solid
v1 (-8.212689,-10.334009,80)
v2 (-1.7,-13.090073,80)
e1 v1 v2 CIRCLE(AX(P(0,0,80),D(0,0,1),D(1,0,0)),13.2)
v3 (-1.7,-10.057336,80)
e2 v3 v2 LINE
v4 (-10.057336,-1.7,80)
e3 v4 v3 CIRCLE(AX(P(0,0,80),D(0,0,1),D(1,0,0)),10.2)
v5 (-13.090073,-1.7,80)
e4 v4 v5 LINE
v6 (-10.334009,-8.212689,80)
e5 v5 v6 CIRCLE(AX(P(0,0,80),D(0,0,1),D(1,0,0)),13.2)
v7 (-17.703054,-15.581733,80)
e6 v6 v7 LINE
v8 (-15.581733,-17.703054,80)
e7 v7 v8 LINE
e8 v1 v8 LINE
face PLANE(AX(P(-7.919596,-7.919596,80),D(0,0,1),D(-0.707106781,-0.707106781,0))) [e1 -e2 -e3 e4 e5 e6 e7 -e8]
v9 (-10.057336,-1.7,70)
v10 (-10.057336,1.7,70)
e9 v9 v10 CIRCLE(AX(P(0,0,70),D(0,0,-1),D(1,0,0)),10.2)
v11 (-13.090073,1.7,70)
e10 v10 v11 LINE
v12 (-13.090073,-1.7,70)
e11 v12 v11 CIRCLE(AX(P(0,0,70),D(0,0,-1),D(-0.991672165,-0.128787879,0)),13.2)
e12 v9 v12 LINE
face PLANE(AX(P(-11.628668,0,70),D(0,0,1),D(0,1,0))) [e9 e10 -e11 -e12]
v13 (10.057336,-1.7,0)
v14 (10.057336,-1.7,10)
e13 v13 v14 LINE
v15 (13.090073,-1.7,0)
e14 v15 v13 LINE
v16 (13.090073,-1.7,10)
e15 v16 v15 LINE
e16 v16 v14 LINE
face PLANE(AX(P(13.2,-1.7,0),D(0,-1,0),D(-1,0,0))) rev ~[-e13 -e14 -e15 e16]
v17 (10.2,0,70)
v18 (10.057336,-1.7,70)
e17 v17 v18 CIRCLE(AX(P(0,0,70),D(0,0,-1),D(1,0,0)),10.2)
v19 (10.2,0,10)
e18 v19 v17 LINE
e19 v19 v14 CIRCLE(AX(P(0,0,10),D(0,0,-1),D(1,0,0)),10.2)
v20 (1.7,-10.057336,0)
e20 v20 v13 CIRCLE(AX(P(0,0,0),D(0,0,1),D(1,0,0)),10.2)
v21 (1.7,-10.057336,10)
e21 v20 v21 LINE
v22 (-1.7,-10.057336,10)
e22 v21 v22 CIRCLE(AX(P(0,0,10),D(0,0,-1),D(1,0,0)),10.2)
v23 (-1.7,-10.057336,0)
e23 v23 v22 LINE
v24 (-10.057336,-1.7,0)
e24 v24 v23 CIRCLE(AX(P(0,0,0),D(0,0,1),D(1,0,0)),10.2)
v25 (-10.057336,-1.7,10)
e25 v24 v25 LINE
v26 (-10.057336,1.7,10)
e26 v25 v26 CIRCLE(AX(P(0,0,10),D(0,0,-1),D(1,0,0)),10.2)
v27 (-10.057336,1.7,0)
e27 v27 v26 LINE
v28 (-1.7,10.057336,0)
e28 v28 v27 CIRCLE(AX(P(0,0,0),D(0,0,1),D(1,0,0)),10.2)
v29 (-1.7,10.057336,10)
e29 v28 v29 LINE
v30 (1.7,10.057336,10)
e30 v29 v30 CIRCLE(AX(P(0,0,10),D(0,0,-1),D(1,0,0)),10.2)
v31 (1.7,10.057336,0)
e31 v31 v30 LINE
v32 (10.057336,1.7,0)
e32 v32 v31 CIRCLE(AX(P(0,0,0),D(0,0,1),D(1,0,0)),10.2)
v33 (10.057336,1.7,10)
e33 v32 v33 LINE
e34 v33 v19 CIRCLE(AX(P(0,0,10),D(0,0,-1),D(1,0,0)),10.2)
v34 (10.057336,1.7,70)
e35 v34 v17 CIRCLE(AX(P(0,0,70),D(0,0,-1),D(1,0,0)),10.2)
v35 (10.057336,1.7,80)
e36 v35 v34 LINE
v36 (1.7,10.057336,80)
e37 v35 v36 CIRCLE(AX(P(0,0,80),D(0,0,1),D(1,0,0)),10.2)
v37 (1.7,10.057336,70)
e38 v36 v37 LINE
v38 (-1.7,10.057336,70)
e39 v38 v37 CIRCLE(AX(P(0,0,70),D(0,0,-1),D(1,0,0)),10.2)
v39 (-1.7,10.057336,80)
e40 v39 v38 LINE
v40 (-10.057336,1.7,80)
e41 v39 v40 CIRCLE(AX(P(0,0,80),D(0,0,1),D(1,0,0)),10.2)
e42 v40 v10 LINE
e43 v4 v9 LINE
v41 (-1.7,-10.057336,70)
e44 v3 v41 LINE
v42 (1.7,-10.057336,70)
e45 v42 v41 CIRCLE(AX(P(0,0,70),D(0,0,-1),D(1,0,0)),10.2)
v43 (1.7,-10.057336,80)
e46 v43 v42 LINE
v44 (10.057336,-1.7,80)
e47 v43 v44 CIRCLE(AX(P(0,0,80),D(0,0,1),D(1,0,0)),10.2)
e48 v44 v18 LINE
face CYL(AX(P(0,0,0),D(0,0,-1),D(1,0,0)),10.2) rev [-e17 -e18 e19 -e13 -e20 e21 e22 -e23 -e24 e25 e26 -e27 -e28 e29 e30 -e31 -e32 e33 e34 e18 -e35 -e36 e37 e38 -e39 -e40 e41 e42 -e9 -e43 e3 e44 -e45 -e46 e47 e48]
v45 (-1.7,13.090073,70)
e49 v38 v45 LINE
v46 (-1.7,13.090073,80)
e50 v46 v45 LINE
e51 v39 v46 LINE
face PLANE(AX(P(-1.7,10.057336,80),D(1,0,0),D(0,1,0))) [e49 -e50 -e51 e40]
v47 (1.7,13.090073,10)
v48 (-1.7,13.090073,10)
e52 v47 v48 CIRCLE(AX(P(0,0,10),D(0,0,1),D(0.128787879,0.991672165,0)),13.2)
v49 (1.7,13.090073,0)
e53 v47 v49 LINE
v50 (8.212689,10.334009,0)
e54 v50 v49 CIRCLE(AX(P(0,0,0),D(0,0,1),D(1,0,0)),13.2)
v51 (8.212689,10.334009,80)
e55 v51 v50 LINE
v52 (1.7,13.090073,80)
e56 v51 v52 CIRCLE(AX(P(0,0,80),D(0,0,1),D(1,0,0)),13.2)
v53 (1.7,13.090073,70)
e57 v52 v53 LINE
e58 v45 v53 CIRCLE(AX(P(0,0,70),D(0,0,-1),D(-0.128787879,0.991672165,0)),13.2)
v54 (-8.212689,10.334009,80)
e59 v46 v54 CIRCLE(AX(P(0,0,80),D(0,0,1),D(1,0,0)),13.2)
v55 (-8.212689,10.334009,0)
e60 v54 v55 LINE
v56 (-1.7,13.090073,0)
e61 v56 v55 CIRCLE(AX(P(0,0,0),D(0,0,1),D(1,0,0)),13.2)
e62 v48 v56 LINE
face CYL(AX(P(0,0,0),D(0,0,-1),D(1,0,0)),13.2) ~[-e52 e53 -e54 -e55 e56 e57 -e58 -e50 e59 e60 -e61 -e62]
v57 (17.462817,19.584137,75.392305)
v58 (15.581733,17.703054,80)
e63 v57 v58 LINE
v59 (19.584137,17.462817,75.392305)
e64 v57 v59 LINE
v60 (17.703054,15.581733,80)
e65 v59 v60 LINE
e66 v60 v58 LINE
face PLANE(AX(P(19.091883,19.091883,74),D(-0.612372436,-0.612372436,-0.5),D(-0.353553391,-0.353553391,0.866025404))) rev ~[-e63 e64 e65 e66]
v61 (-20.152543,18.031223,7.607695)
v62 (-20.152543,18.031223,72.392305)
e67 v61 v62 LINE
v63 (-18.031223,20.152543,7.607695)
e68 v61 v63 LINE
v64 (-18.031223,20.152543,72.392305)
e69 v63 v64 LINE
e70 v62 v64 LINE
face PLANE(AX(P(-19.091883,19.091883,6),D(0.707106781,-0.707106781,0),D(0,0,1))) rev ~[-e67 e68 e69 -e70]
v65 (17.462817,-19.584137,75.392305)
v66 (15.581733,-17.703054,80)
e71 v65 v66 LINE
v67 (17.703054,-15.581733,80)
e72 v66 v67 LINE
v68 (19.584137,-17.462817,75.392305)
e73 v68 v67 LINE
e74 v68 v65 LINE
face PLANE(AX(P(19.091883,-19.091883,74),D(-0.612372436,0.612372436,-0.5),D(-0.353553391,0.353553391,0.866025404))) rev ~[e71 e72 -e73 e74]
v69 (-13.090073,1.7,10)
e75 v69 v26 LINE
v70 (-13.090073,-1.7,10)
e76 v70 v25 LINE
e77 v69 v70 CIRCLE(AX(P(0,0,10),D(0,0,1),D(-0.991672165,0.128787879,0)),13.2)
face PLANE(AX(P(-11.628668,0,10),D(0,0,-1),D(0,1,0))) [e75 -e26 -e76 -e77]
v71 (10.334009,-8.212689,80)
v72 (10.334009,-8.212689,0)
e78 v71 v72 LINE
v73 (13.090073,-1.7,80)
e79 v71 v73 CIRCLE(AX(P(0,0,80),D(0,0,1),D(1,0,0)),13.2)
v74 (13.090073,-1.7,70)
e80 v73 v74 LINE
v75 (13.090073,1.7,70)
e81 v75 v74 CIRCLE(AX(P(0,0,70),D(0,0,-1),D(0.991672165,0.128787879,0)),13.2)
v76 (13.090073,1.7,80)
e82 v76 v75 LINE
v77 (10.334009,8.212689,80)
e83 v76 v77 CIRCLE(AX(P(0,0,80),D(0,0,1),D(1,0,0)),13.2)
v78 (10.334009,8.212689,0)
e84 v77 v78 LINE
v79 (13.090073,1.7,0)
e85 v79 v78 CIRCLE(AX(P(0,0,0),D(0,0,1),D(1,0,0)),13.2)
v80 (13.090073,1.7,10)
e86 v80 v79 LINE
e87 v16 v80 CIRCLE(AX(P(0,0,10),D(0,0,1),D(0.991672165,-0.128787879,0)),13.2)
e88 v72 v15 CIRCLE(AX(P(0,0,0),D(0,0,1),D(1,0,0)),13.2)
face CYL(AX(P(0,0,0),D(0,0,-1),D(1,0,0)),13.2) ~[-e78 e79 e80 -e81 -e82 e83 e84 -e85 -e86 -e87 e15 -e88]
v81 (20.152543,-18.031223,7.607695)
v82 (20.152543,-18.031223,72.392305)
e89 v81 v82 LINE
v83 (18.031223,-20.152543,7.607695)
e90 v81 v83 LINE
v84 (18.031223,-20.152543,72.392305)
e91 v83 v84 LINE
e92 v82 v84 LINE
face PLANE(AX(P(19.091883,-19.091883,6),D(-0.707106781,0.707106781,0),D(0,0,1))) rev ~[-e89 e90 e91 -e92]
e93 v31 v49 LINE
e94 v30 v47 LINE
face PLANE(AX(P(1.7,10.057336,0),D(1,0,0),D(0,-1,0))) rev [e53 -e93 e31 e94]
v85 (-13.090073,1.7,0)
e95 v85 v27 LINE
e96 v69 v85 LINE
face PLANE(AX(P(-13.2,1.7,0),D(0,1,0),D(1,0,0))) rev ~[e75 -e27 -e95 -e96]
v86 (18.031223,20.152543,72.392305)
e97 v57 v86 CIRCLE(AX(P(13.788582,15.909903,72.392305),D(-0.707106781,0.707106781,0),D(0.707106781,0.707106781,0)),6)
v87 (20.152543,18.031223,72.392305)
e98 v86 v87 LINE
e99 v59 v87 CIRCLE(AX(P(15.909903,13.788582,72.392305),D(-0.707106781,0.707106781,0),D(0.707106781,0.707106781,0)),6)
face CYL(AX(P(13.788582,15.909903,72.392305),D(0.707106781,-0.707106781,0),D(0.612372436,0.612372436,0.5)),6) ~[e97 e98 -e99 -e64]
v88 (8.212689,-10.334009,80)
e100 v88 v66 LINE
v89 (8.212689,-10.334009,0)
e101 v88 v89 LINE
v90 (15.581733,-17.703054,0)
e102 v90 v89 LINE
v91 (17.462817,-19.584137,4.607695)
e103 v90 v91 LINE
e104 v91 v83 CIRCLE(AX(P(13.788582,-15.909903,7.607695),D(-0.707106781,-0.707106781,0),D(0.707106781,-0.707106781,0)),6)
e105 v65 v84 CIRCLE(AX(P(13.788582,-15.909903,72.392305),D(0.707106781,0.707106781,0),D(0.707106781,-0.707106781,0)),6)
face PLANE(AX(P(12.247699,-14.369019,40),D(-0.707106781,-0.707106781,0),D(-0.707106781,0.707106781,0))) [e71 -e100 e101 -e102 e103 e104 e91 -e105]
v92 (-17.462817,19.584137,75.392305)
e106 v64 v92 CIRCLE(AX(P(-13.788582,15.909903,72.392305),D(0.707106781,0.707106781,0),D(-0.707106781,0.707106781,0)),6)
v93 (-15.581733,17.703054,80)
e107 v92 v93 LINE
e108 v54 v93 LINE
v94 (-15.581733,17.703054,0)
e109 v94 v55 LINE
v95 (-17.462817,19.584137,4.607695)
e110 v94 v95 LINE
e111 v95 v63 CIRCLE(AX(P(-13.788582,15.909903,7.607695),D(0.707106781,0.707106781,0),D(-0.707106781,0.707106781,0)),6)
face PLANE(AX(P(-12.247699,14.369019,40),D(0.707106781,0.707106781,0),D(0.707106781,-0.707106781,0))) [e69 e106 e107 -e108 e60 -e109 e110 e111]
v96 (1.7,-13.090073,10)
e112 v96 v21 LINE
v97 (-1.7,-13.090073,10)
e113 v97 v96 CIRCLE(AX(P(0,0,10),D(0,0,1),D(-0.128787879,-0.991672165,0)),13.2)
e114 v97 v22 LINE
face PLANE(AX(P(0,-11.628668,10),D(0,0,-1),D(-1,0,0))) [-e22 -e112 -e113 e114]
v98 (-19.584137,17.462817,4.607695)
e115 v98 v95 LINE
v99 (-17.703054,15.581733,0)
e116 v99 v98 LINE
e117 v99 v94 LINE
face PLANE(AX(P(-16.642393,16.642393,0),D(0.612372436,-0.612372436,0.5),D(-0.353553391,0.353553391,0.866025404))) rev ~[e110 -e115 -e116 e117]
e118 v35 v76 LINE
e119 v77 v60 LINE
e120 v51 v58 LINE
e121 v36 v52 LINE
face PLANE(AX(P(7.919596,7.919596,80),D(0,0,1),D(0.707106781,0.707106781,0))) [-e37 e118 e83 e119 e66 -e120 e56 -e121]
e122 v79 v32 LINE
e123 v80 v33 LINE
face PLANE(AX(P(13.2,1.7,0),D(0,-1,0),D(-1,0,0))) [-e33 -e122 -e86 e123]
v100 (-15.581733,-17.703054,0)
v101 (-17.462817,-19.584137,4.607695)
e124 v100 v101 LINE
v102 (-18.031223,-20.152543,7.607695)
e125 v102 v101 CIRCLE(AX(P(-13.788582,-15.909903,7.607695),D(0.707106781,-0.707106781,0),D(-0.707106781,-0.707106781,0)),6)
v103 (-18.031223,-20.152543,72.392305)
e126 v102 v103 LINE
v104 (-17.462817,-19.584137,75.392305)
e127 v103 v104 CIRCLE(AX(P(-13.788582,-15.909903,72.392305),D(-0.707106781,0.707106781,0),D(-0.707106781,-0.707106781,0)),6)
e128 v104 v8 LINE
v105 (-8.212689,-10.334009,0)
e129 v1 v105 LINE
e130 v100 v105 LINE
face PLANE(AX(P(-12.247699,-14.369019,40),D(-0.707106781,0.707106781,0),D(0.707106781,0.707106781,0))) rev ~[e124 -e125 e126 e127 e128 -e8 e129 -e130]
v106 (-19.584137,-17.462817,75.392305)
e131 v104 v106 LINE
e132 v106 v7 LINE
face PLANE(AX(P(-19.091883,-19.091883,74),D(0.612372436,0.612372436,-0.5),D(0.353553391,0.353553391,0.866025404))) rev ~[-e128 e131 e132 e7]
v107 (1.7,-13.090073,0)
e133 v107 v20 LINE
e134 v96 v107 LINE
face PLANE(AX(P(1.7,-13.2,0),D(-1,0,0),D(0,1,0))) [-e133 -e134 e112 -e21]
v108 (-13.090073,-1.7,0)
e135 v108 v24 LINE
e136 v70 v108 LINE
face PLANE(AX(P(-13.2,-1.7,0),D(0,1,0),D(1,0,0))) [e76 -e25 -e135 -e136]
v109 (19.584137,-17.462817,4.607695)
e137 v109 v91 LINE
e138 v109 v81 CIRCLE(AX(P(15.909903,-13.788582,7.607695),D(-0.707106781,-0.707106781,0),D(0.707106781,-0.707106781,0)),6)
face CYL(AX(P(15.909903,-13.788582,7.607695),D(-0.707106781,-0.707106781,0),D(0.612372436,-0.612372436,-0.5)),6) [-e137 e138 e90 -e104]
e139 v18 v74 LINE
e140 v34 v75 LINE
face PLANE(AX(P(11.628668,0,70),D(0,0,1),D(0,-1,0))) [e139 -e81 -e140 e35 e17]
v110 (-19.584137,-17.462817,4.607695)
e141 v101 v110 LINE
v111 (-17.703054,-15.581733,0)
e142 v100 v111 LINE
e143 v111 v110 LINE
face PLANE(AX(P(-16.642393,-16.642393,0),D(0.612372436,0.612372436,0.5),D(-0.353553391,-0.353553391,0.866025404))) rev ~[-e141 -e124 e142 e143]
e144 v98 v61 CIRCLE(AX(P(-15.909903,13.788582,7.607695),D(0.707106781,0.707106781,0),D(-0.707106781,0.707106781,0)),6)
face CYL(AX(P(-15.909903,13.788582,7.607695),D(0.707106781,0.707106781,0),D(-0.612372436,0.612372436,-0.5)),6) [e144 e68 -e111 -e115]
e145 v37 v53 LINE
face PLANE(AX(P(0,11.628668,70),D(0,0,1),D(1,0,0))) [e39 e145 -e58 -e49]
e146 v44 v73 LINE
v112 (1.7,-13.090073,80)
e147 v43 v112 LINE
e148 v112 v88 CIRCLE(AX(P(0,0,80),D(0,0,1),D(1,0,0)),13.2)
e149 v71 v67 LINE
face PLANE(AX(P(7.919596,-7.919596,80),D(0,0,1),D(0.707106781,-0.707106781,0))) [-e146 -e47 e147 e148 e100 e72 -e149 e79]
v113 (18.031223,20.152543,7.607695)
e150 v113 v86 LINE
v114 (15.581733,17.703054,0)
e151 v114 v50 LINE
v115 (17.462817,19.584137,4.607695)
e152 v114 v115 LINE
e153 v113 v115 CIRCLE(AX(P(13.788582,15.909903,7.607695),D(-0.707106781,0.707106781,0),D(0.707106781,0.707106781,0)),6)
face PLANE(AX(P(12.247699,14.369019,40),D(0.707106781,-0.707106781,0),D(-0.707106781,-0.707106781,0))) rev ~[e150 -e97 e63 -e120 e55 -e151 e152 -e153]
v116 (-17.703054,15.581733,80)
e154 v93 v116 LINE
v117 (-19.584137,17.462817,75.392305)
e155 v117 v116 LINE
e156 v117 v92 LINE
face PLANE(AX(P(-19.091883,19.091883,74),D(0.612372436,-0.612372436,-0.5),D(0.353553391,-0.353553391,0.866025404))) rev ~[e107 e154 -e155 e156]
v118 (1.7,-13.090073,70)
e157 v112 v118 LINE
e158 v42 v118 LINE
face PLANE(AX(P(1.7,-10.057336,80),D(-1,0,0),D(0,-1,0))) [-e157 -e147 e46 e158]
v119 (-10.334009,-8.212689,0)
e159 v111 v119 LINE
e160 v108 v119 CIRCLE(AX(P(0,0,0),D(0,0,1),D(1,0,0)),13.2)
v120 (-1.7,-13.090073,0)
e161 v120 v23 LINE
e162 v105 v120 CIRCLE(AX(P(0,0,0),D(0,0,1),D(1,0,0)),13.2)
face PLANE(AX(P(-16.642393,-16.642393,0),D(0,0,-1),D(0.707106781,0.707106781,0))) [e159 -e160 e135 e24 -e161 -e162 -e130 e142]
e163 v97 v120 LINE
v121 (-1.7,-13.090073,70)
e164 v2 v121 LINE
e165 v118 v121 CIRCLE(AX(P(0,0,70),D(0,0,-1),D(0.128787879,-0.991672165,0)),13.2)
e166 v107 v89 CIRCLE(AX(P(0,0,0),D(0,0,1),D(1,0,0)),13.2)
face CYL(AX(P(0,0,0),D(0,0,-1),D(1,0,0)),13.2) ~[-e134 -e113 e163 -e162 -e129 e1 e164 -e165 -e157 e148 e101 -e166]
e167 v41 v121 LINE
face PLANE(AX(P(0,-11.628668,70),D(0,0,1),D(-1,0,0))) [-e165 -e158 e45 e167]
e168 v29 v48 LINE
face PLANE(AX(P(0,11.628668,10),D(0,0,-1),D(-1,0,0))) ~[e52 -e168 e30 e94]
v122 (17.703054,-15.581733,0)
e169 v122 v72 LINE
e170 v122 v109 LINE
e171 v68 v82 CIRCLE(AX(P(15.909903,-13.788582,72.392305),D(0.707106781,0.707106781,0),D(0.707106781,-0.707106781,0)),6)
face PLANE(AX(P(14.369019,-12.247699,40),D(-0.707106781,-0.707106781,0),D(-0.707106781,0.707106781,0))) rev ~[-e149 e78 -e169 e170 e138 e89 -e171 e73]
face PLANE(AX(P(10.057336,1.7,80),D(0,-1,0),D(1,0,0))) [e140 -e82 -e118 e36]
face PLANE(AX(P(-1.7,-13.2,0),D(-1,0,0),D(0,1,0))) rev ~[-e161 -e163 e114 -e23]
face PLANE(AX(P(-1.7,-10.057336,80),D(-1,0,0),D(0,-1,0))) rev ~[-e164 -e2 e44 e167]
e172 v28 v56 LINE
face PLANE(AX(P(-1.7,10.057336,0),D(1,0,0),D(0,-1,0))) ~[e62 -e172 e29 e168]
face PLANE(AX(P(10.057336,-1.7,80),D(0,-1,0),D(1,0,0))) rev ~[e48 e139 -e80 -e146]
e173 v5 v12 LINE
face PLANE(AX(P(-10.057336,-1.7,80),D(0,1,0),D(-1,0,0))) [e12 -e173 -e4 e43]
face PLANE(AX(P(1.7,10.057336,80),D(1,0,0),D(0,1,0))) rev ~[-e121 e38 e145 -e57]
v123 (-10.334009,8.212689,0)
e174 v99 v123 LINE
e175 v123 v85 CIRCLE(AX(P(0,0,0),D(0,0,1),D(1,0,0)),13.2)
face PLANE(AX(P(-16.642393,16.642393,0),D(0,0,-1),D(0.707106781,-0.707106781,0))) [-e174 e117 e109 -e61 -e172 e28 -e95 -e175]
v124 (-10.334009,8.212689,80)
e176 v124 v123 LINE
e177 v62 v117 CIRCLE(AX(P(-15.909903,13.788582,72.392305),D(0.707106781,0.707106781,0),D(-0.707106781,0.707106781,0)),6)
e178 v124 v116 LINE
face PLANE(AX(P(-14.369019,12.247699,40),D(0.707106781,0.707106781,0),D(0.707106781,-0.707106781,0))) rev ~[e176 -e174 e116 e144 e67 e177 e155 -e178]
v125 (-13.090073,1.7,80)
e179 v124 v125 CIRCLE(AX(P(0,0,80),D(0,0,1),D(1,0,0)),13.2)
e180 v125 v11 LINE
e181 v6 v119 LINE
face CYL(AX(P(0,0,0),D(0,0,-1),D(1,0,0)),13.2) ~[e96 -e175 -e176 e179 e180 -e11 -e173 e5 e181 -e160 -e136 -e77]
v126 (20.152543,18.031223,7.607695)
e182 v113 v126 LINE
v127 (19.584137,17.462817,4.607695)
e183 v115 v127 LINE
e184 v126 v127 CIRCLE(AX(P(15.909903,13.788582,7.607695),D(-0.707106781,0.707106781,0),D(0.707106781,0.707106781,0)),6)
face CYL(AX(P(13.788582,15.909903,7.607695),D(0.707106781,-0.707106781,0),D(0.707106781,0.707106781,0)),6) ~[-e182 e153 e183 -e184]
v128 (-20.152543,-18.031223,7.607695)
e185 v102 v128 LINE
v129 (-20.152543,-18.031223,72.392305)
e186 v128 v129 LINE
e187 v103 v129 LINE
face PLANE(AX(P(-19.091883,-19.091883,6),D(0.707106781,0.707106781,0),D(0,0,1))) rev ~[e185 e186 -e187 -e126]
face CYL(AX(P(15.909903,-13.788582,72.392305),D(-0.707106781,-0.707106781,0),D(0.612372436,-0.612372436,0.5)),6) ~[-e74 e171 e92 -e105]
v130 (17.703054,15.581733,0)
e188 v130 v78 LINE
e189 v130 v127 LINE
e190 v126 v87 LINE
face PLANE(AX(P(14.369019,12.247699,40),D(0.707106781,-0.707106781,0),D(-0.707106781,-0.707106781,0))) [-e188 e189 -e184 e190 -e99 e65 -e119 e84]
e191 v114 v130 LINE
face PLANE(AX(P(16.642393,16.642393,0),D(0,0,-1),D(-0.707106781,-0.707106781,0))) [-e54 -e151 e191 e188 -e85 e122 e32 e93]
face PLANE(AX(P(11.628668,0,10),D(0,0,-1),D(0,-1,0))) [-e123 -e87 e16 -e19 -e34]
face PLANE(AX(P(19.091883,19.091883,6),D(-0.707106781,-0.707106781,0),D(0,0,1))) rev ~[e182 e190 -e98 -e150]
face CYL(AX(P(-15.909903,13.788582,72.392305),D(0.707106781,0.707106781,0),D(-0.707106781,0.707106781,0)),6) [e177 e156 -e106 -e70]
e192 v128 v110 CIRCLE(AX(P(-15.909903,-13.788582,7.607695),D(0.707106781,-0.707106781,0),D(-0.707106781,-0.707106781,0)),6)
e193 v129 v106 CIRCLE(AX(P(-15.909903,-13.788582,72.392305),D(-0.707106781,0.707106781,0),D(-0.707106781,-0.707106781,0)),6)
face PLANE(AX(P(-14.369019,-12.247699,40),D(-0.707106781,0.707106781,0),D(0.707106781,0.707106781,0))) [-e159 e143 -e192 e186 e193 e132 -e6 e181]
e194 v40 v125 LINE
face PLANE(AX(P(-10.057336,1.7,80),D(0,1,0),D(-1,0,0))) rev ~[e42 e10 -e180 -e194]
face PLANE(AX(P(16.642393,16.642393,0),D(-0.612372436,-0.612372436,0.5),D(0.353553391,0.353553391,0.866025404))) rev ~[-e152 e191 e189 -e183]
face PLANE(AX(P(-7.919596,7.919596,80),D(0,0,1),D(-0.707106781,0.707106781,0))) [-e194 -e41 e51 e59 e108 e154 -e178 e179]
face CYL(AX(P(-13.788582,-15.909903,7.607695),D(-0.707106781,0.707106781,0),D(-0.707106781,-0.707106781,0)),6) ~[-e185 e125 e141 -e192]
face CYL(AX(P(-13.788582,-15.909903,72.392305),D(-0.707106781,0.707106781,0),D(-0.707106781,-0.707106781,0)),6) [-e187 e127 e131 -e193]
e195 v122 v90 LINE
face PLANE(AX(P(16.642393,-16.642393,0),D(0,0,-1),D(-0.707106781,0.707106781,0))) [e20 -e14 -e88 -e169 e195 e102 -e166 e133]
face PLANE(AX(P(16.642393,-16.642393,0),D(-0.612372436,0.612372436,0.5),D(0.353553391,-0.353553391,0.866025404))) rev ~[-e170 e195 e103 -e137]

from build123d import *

# Parameters (mm, degrees)
SKETCH1_R                = 13.2
SKETCH1_R_2              = 10.2
BOSS_EXTRUDE1_DEPTH      = 80
SKETCH2_W                = 3.4
SKETCH2_H                = 3.142664369
CUT_EXTRUDE1_DEPTH       = 10
CIRPATTERN1_COUNT        = 4
MIRROR1_COPY_1_SKETCH_W  = 3.4
MIRROR1_COPY_1_SKETCH_H  = 3.142664369
MIRROR1_COPY_1_DEPTH     = 10
MIRROR1_COPY_2_SKETCH_W  = 3.4
MIRROR1_COPY_2_SKETCH_H  = 3.142664369
MIRROR1_COPY_2_DEPTH     = 10
MIRROR1_COPY_3_SKETCH_W  = 3.4
MIRROR1_COPY_3_SKETCH_H  = 3.142664369
MIRROR1_COPY_3_DEPTH     = 10
BOSS_EXTRUDE3_DEPTH      = 1.5
FILLET1_R                = 6
CIRPATTERN2_COUNT        = 4
FILLET1_OF_CIRPATTERN2_R = 6


with BuildPart() as part:
    # Sketch1 → Boss-Extrude1 (new body)
    with BuildSketch(Plane.XY):
        Circle(SKETCH1_R)
        Circle(SKETCH1_R_2, mode=Mode.SUBTRACT)
    extrude(amount=BOSS_EXTRUDE1_DEPTH)

    # Sketch2 → Cut-Extrude1 (cut)
    with BuildSketch(Plane.XY.offset(80)):
        with Locations((0, 11.628667816)):
            Rectangle(SKETCH2_W, SKETCH2_H)
    cut_extrude1 = extrude(amount=-CUT_EXTRUDE1_DEPTH, mode=Mode.SUBTRACT)

    # CirPattern1: Cut-Extrude1 ×4 about axis
    cirpattern1_axis = Axis((0, 0, 0), (0, 0, 1))
    for i in range(1, CIRPATTERN1_COUNT):
        add(cut_extrude1.rotate(cirpattern1_axis, i * 360 / CIRPATTERN1_COUNT), mode=Mode.SUBTRACT)

    # Mirror1: Cut-Extrude1 across plane
    add(cut_extrude1.mirror(Plane.XY.offset(40)), mode=Mode.SUBTRACT)

    # Mirror1 copy 1 sketch → Mirror1 copy 1 (cut)
    with BuildSketch(Plane.YX):
        with Locations((0, -11.628667816)):
            Rectangle(MIRROR1_COPY_1_SKETCH_W, MIRROR1_COPY_1_SKETCH_H)
    extrude(amount=-MIRROR1_COPY_1_DEPTH, mode=Mode.SUBTRACT)

    # Mirror1 copy 2 sketch → Mirror1 copy 2 (cut)
    with BuildSketch(Plane(origin=(0, 0, 0), x_dir=(-1, 0, 0), z_dir=(0, 0, -1))):
        with Locations((0, -11.628667816)):
            Rectangle(MIRROR1_COPY_2_SKETCH_W, MIRROR1_COPY_2_SKETCH_H)
    extrude(amount=-MIRROR1_COPY_2_DEPTH, mode=Mode.SUBTRACT)

    # Mirror1 copy 3 sketch → Mirror1 copy 3 (cut)
    with BuildSketch(Plane(origin=(0, 0, 0), x_dir=(0, -1, 0), z_dir=(0, 0, -1))):
        with Locations((0, -11.628667816)):
            Rectangle(MIRROR1_COPY_3_SKETCH_W, MIRROR1_COPY_3_SKETCH_H)
    extrude(amount=-MIRROR1_COPY_3_DEPTH, mode=Mode.SUBTRACT)

    # Sketch5 → Boss-Extrude3 (add, symmetric)
    with BuildSketch(Plane(origin=(0, 0, 0), x_dir=(-0.70710678118655, -0.7071067811865451, 0), z_dir=(0.7071067811865451, -0.70710678118655, 0))):
        Polygon((11.2, 0), (13.2, 0), (23.535898385, 0), (27, -6), (27, -74), (23.535898385, -80), (13.2, -80), (11.2, -80), align=None)
    boss_extrude3 = extrude(amount=BOSS_EXTRUDE3_DEPTH, both=True)

    # Fillet1
    fillet1_edges = [part.edges().sort_by_distance(p)[0] for p in [
        (-19.091883092, -19.091883092, 74),
        (-19.091883092, -19.091883092, 6),
    ]]
    fillet(fillet1_edges, radius=FILLET1_R)

    # CirPattern2: Boss-Extrude3 ×4 about axis
    cirpattern2_axis = Axis((0, 0, 0), (0, 0, 1))
    for i in range(1, CIRPATTERN2_COUNT):
        add(boss_extrude3.rotate(cirpattern2_axis, i * 360 / CIRPATTERN2_COUNT))

    # Fillet1 of CirPattern2
    fillet1_of_cirpattern2_edges = [part.edges().sort_by_distance(p)[0] for p in [
        (19.091883092, -19.091883092, 74),
        (19.091883092, -19.091883092, 6),
        (19.091883092, 19.091883092, 74),
        (19.091883092, 19.091883092, 6),
        (-19.091883092, 19.091883092, 74),
        (-19.091883092, 19.091883092, 6),
    ]]
    fillet(fillet1_of_cirpattern2_edges, radius=FILLET1_OF_CIRPATTERN2_R)


solid = part.part
